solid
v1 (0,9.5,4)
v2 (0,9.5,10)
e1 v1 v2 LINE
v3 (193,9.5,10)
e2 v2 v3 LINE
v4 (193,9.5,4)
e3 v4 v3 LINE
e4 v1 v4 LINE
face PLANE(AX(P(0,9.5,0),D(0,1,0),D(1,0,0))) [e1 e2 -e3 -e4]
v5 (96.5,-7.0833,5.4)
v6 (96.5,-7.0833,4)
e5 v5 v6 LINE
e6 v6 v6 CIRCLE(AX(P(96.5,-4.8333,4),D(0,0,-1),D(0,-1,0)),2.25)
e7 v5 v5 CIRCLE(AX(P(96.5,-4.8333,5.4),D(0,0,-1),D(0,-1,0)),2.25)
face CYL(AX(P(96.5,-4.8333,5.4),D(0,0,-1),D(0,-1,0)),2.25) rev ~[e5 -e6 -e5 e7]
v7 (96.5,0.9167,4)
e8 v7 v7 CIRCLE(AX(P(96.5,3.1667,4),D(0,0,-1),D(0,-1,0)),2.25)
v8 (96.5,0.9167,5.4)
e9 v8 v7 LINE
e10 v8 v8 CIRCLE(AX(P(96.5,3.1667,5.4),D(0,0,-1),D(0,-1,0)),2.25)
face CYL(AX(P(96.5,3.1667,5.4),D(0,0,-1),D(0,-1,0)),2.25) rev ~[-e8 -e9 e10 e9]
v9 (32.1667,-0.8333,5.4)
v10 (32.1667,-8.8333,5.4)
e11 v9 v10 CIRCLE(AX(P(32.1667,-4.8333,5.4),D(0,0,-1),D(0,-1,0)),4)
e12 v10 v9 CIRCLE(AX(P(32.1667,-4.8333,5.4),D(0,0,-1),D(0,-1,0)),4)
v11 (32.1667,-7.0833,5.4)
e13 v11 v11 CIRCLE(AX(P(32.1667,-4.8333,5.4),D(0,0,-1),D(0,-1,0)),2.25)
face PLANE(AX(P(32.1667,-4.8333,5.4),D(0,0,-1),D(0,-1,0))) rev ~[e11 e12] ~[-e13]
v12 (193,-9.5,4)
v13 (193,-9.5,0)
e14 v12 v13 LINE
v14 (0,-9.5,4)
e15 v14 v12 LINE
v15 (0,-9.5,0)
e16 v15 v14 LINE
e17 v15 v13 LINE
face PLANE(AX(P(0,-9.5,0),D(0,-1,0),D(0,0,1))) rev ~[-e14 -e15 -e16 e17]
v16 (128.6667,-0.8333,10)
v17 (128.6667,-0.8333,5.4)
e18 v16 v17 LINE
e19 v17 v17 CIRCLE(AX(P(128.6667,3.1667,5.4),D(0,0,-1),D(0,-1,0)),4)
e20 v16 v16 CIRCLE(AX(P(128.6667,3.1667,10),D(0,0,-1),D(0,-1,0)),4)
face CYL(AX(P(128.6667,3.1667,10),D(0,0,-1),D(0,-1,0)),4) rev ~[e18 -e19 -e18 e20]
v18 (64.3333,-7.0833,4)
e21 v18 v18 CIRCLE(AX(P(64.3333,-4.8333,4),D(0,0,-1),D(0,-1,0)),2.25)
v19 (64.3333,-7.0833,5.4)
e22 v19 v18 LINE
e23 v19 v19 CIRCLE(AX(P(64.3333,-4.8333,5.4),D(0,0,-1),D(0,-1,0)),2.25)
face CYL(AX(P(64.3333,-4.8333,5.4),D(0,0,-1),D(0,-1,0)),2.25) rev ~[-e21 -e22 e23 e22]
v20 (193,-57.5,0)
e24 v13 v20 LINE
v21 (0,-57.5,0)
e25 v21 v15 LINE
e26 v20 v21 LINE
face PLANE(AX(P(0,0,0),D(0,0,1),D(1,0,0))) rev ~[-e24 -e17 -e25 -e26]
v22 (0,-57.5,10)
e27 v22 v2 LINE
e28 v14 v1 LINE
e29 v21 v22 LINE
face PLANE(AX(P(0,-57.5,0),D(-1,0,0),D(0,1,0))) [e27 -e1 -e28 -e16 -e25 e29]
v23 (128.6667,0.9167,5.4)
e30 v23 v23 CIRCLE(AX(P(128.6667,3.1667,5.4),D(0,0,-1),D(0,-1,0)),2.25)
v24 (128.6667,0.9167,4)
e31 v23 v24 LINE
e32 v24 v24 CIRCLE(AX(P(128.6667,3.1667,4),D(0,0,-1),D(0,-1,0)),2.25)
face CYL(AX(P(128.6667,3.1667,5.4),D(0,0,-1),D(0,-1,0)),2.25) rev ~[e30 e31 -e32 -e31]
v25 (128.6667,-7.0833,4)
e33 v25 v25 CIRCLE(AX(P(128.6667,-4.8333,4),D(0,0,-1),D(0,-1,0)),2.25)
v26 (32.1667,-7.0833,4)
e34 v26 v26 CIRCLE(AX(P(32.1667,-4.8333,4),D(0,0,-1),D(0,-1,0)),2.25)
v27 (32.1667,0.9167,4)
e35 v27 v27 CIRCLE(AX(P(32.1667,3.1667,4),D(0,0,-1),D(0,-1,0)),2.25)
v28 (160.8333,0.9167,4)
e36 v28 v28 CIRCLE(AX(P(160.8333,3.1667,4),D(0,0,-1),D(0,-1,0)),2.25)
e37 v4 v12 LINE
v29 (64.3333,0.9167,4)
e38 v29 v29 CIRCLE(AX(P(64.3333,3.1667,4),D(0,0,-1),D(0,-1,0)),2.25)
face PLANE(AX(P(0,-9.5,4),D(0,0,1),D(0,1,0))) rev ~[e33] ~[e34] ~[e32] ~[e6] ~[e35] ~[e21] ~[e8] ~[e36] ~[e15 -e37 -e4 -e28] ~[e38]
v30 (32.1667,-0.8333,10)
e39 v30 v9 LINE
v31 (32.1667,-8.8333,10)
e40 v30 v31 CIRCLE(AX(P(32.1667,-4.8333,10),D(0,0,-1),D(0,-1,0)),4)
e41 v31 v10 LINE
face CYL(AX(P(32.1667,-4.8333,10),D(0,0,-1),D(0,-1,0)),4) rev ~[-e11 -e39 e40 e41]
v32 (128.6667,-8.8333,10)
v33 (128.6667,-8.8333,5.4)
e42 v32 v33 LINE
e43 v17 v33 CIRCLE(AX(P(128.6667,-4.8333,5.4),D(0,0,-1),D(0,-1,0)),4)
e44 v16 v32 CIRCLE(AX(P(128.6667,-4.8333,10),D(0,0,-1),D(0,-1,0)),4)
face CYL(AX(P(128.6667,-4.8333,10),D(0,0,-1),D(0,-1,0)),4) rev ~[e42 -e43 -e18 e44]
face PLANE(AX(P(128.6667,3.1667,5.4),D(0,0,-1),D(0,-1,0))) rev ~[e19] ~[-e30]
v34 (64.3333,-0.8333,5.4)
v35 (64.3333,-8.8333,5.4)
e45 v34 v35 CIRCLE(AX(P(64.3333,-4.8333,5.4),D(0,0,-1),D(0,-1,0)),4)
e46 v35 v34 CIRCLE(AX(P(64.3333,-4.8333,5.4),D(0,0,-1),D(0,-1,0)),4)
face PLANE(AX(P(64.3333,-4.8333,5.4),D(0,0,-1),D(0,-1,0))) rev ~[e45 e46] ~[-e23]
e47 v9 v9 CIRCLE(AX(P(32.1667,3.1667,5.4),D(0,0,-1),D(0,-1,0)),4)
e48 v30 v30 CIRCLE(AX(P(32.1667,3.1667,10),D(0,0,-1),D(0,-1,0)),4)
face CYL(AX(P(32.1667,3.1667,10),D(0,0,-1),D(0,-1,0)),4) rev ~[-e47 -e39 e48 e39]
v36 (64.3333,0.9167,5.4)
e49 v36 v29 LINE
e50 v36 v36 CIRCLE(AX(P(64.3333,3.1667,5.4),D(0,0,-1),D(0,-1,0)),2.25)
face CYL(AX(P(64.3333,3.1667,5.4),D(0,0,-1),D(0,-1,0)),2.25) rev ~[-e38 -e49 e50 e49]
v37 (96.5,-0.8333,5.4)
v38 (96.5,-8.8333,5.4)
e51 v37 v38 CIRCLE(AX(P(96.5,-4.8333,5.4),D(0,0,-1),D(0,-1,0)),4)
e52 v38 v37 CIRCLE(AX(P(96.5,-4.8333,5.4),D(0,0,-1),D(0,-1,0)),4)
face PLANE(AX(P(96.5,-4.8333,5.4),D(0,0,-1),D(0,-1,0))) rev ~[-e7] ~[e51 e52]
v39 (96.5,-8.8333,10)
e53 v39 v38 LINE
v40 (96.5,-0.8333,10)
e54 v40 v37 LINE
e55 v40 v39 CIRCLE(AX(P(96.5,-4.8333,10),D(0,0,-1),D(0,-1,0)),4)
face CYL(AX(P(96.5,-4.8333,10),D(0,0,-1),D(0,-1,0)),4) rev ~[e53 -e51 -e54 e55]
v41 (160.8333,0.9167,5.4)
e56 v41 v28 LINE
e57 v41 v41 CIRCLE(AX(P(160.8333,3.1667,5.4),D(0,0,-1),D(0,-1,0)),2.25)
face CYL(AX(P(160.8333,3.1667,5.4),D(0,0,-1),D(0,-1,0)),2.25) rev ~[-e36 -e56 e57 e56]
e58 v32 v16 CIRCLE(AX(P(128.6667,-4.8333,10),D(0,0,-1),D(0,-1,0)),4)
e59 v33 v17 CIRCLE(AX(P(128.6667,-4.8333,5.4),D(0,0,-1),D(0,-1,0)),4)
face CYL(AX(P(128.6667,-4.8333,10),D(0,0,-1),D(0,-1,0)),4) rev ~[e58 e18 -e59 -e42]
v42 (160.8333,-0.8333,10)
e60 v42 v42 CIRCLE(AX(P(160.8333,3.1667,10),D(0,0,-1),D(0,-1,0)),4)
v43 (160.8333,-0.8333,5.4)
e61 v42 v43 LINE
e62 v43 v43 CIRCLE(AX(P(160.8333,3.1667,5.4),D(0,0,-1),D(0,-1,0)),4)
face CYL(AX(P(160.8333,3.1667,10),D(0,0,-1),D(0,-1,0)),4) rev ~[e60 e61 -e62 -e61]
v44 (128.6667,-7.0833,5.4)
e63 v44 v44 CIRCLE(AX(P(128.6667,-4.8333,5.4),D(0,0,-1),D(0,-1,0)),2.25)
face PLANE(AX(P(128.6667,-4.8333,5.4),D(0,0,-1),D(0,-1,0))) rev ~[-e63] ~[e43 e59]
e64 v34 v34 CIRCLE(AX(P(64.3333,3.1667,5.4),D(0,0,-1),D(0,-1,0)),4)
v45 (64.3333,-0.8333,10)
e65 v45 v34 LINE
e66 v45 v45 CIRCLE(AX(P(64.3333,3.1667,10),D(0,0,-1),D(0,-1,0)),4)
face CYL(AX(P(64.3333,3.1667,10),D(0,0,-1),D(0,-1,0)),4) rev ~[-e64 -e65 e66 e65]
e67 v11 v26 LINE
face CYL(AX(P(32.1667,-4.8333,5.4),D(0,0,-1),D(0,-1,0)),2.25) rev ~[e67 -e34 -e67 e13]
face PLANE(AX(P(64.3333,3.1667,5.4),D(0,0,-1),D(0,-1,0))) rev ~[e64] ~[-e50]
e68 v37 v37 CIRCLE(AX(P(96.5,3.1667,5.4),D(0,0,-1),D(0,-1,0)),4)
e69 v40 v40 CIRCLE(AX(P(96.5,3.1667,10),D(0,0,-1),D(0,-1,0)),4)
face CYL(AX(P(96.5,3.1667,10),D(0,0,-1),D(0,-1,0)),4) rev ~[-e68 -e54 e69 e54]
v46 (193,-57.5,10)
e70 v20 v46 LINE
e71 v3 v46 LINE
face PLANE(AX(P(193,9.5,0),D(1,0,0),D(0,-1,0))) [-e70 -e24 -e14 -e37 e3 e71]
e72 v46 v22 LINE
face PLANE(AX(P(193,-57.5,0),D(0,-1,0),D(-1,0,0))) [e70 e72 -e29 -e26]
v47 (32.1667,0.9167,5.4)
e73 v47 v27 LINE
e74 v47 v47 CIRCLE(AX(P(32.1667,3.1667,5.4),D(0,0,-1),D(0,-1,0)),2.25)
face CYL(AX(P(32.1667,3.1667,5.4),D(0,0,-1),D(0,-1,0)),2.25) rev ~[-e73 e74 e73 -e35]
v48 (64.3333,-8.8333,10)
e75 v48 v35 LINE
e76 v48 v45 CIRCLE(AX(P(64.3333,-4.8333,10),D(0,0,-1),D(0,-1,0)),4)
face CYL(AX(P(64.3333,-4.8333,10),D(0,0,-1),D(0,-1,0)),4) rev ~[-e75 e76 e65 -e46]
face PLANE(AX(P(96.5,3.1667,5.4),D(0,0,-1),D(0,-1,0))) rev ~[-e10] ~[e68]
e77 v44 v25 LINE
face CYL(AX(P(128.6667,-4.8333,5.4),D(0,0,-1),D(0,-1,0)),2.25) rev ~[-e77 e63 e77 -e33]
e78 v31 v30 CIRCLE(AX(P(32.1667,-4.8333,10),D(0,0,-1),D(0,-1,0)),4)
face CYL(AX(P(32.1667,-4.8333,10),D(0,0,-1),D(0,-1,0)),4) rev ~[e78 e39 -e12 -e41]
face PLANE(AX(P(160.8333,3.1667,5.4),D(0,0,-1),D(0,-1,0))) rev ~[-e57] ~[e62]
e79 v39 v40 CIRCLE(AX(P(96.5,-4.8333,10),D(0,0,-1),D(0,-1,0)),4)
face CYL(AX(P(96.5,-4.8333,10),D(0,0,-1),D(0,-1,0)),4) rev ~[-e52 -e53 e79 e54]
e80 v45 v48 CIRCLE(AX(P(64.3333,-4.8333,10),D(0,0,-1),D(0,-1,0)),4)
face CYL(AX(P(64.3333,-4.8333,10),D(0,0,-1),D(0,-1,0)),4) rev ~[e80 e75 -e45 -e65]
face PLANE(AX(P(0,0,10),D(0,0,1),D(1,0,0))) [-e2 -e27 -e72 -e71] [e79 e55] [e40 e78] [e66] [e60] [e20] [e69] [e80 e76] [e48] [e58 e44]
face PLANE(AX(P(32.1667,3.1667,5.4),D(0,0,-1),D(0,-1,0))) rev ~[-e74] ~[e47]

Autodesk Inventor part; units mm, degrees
ref_plane "YZ Plane" through (0, 0, 0) normal (1, 0, 0) x (0, 1, 0)
ref_plane "XZ Plane" through (0, 0, 0) normal (0, 1, 0) x (-1, 0, 0)
ref_plane "XY Plane" through (0, 0, 0) normal (0, 0, 1) x (1, 0, 0)
sketch "Sketch1" plane through (0, 0, 0) normal (0, 0, 1) x (1, 0, 0)
  line L0 (148.5, -9.5) -> (148.5, -6.2) construction
  line L1 (148.5, -6.2) -> (193, -6.2) construction
  line L2 (193, 9.5) -> (193, -6.2) construction
  line L3 (0, 9.5) -> (193, 9.5) construction
  line L4 (0, -9.5) -> (0, 9.5) construction
  line L5 (148.5, -9.5) -> (0, -9.5) construction
  line L6 (0, 9.5) -> (193, 9.5)
  line L7 (193, 9.5) -> (193, -57.5)
  line L8 (193, -57.5) -> (0, -57.5)
  line L9 (0, -57.5) -> (0, 9.5)
  circle A0 centre (128.6667, -4.8333) radius 1.621 projected
  circle A1 centre (96.5, 3.1667) radius 1.621 projected
  circle A2 centre (64.3333, -4.8333) radius 1.621 projected
  circle A3 centre (32.1667, 3.1667) radius 1.621 projected
  circle A4 centre (32.1667, -4.8333) radius 1.621 projected
  circle A5 centre (64.3333, 3.1667) radius 1.621 projected
  circle A6 centre (96.5, -4.8333) radius 1.621 projected
  circle A7 centre (128.6667, 3.1667) radius 1.621 projected
  circle A8 centre (160.8333, 3.1667) radius 1.621 projected
  point P0 (0, 0)
extrude "Extrusion1" add sketch "Sketch1" along normal blind 10 contours L6 L7 L8 L9 | A0 | A1 | A2 | A3 | A4 | A5 | A6 | A7 | A8
sketch "Sketch2" plane through (0, -57.5, 0) normal (-1, 0, 0) x (0, 0, 1)
  line L0 (-111.7541, 55) -> (-111.7541, 67) construction
  line L1 (-116, 67) -> (-111.7541, 67) construction
  line L2 (-116, 48) -> (-116, 67) construction
  line L3 (4, 48) -> (-116, 48) construction
  line L4 (4, 48) -> (4, 67) construction
  line L5 (-54.7541, 67) -> (4, 67) construction
  line L6 (-54.7541, 67) -> (-54.7541, 55) construction
  line L7 (-54.7541, 55) -> (-111.7541, 55) construction
  line L8 (0, 67) -> (0, 0) projected
  line L9 (4, 67) -> (0, 67)
  line L10 (0, 67) -> (0, 48)
  line L11 (0, 48) -> (4, 48)
  line L12 (4, 48) -> (4, 67)
  point P0 (0, 57.5)
extrude "Extrusion2" cut sketch "Sketch2" against normal through all
sketch "Sketch3" plane through (0, 0, 10) normal (0, 0, 1) x (1, 0, 0)
  line L0 (193, -9.5) -> (193, 9.5) projected
  line L1 (0, -9.5) -> (193, -9.5) projected
  line L2 (0, 9.5) -> (0, -9.5) projected
  line L3 (193, 9.5) -> (0, 9.5) projected
  line L4 (0, 0) -> (193, 0) construction
  point P0 (32.1667, 3.1667)
  point P1 (64.3333, 3.1667)
  point P2 (96.5, 3.1667)
  point P3 (128.6667, 3.1667)
  point P4 (160.8333, 3.1667)
  point P5 (32.1667, -4.8333)
  point P6 (64.3333, -4.8333)
  point P7 (96.5, -4.8333)
  point P8 (128.6667, -4.8333)
  point P9 (160.8333, -4.8333)
  dimension "d4" = 32.1667
  dimension "d5" = 32.1667
  dimension "d6" = 32.1667
  dimension "d7" = 32.1667
  dimension "d8" = 32.1667
  dimension "d9" = 8
  dimension "d10" = 6.3333
hole "Hole1" at (32.1667, 3.1667, 10) at (64.3333, 3.1667, 10) at (96.5, 3.1667, 10) at (128.6667, 3.1667, 10) at (160.8333, 3.1667, 10) at (32.1667, -4.8333, 10) at (64.3333, -4.8333, 10) at (96.5, -4.8333, 10) at (128.6667, -4.8333, 10) direction (0, 0, -1) diameter 4.5 depth 14.2 counterbore diameter 8 counterbore depth 4.6 clearance for "Socket Head Cap Screw ISO 4762" size "M4" standard "ISO"
equation "\"d5\" = d4"
equation "\"d6\" = d4"
equation "\"d7\" = d6"
equation "\"d8\" = d7"
properties part number "foot bracket foot backside"
